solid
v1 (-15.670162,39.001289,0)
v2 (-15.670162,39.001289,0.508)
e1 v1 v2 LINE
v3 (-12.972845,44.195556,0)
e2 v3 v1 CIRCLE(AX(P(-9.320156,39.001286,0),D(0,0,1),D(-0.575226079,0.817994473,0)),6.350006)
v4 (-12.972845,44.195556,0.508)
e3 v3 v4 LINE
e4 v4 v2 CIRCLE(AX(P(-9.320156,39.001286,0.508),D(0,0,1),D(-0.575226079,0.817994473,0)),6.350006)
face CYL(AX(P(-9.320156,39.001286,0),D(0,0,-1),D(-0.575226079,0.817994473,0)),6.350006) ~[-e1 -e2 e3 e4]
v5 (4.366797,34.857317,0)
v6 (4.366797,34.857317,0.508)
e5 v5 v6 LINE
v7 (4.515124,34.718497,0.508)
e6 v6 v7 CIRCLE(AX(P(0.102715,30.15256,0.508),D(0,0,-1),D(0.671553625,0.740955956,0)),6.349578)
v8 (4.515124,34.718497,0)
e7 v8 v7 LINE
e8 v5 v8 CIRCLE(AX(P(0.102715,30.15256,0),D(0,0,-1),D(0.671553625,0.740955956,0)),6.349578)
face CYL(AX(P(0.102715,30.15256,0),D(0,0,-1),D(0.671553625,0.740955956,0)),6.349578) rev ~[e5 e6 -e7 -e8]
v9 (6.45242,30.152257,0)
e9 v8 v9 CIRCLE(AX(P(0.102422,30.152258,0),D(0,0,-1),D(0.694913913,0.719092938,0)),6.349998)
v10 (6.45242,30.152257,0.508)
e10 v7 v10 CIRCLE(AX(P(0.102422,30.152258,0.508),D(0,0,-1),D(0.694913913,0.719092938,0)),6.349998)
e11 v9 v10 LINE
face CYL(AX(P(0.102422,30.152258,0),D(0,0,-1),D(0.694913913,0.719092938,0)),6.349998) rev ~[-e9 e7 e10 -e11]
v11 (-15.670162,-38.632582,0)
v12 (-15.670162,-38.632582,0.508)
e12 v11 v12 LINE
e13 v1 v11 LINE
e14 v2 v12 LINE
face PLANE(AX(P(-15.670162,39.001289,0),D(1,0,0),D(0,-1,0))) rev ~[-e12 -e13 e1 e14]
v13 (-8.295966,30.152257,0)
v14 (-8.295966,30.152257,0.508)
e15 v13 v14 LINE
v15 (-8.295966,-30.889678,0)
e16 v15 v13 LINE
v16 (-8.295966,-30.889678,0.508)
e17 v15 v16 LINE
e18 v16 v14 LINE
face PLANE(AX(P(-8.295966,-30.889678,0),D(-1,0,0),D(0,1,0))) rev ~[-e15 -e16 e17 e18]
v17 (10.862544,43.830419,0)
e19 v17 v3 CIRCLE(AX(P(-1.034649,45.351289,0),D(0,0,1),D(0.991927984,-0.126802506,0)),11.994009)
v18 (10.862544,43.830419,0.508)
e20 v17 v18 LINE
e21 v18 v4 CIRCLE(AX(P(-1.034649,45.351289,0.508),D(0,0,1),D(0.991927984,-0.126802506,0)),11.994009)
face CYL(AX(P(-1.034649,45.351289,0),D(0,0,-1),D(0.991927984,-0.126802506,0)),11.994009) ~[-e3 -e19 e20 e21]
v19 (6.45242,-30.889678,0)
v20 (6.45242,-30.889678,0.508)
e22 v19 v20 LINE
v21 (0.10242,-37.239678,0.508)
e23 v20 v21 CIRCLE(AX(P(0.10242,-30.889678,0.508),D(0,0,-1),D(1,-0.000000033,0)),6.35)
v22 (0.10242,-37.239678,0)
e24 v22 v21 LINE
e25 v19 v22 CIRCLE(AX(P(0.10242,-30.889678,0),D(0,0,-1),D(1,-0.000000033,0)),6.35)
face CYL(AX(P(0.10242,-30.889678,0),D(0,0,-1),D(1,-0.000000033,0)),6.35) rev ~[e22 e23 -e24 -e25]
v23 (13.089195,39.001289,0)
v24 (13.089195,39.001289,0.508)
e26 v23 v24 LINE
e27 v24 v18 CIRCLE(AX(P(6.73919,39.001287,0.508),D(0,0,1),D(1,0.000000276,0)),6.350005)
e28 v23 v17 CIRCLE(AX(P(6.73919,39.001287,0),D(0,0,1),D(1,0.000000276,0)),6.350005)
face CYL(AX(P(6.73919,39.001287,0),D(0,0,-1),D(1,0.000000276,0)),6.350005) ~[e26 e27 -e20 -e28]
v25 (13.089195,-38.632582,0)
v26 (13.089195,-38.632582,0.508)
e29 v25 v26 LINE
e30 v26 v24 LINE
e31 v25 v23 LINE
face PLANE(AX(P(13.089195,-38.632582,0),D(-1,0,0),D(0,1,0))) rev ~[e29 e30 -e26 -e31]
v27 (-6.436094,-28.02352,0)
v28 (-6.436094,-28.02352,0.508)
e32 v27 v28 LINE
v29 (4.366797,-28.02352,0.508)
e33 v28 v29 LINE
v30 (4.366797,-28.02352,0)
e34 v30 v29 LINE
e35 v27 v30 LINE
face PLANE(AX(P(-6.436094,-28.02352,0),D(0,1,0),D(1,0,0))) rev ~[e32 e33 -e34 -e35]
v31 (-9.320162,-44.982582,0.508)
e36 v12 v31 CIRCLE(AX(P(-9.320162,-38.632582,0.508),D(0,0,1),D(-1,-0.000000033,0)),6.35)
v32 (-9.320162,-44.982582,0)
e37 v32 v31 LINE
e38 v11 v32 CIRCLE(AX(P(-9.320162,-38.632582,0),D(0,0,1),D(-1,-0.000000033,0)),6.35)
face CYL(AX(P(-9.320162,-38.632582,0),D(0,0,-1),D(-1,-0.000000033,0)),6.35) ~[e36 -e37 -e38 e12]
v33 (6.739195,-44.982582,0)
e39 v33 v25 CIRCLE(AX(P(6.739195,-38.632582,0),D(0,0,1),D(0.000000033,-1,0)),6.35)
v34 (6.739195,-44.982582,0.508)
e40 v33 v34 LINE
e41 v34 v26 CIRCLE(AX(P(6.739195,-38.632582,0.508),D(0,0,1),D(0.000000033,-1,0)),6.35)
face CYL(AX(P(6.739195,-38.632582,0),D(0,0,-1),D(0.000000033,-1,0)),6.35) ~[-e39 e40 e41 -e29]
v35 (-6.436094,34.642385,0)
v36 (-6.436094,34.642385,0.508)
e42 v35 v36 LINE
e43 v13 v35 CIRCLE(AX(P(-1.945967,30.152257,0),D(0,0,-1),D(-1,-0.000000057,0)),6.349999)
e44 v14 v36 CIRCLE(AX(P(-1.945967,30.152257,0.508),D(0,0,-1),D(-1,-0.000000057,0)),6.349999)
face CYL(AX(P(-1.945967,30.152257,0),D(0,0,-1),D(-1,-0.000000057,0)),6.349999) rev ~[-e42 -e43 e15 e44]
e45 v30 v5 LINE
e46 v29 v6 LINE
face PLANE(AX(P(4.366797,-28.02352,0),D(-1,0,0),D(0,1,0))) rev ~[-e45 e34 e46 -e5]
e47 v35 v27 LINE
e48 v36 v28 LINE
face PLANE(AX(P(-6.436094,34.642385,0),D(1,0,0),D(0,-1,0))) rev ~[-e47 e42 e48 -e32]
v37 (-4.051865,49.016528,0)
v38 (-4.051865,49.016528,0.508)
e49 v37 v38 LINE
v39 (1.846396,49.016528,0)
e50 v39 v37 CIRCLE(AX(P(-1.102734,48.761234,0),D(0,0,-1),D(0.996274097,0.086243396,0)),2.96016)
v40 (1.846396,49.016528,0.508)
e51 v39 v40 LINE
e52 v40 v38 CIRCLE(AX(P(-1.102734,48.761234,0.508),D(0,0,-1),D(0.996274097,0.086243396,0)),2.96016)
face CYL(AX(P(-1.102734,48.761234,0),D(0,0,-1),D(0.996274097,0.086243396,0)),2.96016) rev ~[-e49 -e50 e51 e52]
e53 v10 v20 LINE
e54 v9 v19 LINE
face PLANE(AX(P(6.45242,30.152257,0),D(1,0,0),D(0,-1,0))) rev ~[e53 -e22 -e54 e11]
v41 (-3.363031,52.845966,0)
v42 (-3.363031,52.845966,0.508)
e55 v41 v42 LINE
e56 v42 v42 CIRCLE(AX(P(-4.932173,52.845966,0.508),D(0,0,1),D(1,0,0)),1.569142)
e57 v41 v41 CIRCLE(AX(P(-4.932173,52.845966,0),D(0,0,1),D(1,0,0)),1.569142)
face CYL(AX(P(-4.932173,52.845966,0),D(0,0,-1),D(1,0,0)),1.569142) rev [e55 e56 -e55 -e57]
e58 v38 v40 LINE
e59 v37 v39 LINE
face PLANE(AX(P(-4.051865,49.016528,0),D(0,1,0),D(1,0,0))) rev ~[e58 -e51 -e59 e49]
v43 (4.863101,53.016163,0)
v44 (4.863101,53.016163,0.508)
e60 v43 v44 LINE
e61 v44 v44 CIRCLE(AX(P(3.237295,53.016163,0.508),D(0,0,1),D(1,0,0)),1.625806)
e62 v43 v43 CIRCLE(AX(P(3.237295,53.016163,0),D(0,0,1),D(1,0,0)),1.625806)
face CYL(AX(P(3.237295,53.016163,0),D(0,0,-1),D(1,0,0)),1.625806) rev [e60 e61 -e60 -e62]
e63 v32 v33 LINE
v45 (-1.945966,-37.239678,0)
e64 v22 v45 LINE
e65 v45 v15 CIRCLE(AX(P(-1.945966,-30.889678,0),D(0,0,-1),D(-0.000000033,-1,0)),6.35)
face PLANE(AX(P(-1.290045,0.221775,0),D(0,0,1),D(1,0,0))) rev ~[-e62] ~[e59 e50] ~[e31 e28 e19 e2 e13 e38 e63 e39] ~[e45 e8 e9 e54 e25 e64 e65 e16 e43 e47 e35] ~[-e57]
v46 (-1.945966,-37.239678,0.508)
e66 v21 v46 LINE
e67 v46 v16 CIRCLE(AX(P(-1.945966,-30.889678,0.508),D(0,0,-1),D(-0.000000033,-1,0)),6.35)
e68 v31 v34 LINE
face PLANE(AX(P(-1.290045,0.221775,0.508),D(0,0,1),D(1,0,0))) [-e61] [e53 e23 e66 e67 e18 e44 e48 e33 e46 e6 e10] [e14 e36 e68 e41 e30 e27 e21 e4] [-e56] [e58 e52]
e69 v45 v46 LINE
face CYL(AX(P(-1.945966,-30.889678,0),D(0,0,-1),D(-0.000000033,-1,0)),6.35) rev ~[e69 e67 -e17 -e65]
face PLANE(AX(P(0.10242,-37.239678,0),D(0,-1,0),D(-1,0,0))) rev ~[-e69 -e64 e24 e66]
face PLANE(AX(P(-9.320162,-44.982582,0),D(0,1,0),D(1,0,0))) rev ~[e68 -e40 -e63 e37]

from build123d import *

# Parameters (mm, degrees)
F0_R     = 1.569142
F0_R_2   = 1.625806
F1_DEPTH = 0.508


with BuildPart() as f1:
    # F0 (on Top) → F1 (new body)
    with BuildSketch(Plane.XY):
        with BuildLine():
            Line((-6.436094, 45.351289), (-9.320162, 45.351289))
            ThreePointArc((-9.320162, 45.351289), (-11.235743, 45.055465), (-12.972845, 44.195556))
            ThreePointArc((-12.972845, 44.195556), (-14.955631, 41.927717), (-15.670162, 39.001289))
            Line((-15.670162, 39.001289), (-15.670162, -38.632582))
            ThreePointArc((-15.670162, -38.632582), (-13.81029, -43.12271), (-9.320162, -44.982582))
            Line((-9.320162, -44.982582), (6.739195, -44.982582))
            ThreePointArc((6.739195, -44.982582), (11.229323, -43.12271), (13.089195, -38.632582))
            Line((13.089195, -38.632582), (13.089195, 39.001289))
            ThreePointArc((13.089195, 39.001289), (12.505726, 41.660164), (10.862544, 43.830419))
            ThreePointArc((10.862544, 43.830419), (8.93664, 44.958951), (6.739195, 45.351289))
            Line((6.739195, 45.351289), (4.366797, 45.351289))
            Line((4.366797, 45.351289), (-6.436094, 45.351289))
        make_face()
        with BuildLine():
            Line((0.10242, -37.239678), (-1.945966, -37.239678))
            ThreePointArc((-1.945966, -37.239678), (-6.436094, -35.379806), (-8.295966, -30.889678))
            Line((-8.295966, -30.889678), (-8.295966, 30.152257))
            ThreePointArc((-8.295966, 30.152257), (-7.812601, 32.582297), (-6.436094, 34.642385))
            Line((-6.436094, 34.642385), (-6.436094, 26.376916))
            Line((-6.436094, 26.376916), (-6.436094, -28.02352))
            Line((-6.436094, -28.02352), (4.366797, -28.02352))
            Line((4.366797, -28.02352), (4.366797, 26.376916))
            Line((4.366797, 26.376916), (4.366797, 34.642385))
            Line((4.366797, 34.642385), (4.366797, 34.857317))
            ThreePointArc((4.366797, 34.857317), (4.441516, 34.7885), (4.515124, 34.718497))
            ThreePointArc((4.515124, 34.718497), (5.948067, 32.632361), (6.45242, 30.152257))
            Line((6.45242, 30.152257), (6.45242, -30.889678))
            ThreePointArc((6.45242, -30.889678), (4.592548, -35.379806), (0.10242, -37.239678))
        make_face(mode=Mode.SUBTRACT)
        with BuildLine():
            ThreePointArc((-12.972845, 44.195556), (-11.235743, 45.055465), (-9.320162, 45.351289))
            Line((-9.320162, 45.351289), (-6.436094, 45.351289))
            Line((-6.436094, 45.351289), (4.366797, 45.351289))
            Line((4.366797, 45.351289), (6.739195, 45.351289))
            ThreePointArc((6.739195, 45.351289), (8.93664, 44.958951), (10.862544, 43.830419))
            ThreePointArc((10.862544, 43.830419), (-0.850933, 57.343891), (-12.972845, 44.195556))
        make_face()
        with Locations((-4.932173, 52.845966)):
            Circle(F0_R, mode=Mode.SUBTRACT)
        with BuildLine():
            ThreePointArc((1.846396, 49.016528), (-1.102735, 45.801074), (-4.051865, 49.016528))
            Line((-4.051865, 49.016528), (1.846396, 49.016528))
        make_face(mode=Mode.SUBTRACT)
        with Locations((3.237295, 53.016163)):
            Circle(F0_R_2, mode=Mode.SUBTRACT)
    extrude(amount=F1_DEPTH)


solid = f1.part
